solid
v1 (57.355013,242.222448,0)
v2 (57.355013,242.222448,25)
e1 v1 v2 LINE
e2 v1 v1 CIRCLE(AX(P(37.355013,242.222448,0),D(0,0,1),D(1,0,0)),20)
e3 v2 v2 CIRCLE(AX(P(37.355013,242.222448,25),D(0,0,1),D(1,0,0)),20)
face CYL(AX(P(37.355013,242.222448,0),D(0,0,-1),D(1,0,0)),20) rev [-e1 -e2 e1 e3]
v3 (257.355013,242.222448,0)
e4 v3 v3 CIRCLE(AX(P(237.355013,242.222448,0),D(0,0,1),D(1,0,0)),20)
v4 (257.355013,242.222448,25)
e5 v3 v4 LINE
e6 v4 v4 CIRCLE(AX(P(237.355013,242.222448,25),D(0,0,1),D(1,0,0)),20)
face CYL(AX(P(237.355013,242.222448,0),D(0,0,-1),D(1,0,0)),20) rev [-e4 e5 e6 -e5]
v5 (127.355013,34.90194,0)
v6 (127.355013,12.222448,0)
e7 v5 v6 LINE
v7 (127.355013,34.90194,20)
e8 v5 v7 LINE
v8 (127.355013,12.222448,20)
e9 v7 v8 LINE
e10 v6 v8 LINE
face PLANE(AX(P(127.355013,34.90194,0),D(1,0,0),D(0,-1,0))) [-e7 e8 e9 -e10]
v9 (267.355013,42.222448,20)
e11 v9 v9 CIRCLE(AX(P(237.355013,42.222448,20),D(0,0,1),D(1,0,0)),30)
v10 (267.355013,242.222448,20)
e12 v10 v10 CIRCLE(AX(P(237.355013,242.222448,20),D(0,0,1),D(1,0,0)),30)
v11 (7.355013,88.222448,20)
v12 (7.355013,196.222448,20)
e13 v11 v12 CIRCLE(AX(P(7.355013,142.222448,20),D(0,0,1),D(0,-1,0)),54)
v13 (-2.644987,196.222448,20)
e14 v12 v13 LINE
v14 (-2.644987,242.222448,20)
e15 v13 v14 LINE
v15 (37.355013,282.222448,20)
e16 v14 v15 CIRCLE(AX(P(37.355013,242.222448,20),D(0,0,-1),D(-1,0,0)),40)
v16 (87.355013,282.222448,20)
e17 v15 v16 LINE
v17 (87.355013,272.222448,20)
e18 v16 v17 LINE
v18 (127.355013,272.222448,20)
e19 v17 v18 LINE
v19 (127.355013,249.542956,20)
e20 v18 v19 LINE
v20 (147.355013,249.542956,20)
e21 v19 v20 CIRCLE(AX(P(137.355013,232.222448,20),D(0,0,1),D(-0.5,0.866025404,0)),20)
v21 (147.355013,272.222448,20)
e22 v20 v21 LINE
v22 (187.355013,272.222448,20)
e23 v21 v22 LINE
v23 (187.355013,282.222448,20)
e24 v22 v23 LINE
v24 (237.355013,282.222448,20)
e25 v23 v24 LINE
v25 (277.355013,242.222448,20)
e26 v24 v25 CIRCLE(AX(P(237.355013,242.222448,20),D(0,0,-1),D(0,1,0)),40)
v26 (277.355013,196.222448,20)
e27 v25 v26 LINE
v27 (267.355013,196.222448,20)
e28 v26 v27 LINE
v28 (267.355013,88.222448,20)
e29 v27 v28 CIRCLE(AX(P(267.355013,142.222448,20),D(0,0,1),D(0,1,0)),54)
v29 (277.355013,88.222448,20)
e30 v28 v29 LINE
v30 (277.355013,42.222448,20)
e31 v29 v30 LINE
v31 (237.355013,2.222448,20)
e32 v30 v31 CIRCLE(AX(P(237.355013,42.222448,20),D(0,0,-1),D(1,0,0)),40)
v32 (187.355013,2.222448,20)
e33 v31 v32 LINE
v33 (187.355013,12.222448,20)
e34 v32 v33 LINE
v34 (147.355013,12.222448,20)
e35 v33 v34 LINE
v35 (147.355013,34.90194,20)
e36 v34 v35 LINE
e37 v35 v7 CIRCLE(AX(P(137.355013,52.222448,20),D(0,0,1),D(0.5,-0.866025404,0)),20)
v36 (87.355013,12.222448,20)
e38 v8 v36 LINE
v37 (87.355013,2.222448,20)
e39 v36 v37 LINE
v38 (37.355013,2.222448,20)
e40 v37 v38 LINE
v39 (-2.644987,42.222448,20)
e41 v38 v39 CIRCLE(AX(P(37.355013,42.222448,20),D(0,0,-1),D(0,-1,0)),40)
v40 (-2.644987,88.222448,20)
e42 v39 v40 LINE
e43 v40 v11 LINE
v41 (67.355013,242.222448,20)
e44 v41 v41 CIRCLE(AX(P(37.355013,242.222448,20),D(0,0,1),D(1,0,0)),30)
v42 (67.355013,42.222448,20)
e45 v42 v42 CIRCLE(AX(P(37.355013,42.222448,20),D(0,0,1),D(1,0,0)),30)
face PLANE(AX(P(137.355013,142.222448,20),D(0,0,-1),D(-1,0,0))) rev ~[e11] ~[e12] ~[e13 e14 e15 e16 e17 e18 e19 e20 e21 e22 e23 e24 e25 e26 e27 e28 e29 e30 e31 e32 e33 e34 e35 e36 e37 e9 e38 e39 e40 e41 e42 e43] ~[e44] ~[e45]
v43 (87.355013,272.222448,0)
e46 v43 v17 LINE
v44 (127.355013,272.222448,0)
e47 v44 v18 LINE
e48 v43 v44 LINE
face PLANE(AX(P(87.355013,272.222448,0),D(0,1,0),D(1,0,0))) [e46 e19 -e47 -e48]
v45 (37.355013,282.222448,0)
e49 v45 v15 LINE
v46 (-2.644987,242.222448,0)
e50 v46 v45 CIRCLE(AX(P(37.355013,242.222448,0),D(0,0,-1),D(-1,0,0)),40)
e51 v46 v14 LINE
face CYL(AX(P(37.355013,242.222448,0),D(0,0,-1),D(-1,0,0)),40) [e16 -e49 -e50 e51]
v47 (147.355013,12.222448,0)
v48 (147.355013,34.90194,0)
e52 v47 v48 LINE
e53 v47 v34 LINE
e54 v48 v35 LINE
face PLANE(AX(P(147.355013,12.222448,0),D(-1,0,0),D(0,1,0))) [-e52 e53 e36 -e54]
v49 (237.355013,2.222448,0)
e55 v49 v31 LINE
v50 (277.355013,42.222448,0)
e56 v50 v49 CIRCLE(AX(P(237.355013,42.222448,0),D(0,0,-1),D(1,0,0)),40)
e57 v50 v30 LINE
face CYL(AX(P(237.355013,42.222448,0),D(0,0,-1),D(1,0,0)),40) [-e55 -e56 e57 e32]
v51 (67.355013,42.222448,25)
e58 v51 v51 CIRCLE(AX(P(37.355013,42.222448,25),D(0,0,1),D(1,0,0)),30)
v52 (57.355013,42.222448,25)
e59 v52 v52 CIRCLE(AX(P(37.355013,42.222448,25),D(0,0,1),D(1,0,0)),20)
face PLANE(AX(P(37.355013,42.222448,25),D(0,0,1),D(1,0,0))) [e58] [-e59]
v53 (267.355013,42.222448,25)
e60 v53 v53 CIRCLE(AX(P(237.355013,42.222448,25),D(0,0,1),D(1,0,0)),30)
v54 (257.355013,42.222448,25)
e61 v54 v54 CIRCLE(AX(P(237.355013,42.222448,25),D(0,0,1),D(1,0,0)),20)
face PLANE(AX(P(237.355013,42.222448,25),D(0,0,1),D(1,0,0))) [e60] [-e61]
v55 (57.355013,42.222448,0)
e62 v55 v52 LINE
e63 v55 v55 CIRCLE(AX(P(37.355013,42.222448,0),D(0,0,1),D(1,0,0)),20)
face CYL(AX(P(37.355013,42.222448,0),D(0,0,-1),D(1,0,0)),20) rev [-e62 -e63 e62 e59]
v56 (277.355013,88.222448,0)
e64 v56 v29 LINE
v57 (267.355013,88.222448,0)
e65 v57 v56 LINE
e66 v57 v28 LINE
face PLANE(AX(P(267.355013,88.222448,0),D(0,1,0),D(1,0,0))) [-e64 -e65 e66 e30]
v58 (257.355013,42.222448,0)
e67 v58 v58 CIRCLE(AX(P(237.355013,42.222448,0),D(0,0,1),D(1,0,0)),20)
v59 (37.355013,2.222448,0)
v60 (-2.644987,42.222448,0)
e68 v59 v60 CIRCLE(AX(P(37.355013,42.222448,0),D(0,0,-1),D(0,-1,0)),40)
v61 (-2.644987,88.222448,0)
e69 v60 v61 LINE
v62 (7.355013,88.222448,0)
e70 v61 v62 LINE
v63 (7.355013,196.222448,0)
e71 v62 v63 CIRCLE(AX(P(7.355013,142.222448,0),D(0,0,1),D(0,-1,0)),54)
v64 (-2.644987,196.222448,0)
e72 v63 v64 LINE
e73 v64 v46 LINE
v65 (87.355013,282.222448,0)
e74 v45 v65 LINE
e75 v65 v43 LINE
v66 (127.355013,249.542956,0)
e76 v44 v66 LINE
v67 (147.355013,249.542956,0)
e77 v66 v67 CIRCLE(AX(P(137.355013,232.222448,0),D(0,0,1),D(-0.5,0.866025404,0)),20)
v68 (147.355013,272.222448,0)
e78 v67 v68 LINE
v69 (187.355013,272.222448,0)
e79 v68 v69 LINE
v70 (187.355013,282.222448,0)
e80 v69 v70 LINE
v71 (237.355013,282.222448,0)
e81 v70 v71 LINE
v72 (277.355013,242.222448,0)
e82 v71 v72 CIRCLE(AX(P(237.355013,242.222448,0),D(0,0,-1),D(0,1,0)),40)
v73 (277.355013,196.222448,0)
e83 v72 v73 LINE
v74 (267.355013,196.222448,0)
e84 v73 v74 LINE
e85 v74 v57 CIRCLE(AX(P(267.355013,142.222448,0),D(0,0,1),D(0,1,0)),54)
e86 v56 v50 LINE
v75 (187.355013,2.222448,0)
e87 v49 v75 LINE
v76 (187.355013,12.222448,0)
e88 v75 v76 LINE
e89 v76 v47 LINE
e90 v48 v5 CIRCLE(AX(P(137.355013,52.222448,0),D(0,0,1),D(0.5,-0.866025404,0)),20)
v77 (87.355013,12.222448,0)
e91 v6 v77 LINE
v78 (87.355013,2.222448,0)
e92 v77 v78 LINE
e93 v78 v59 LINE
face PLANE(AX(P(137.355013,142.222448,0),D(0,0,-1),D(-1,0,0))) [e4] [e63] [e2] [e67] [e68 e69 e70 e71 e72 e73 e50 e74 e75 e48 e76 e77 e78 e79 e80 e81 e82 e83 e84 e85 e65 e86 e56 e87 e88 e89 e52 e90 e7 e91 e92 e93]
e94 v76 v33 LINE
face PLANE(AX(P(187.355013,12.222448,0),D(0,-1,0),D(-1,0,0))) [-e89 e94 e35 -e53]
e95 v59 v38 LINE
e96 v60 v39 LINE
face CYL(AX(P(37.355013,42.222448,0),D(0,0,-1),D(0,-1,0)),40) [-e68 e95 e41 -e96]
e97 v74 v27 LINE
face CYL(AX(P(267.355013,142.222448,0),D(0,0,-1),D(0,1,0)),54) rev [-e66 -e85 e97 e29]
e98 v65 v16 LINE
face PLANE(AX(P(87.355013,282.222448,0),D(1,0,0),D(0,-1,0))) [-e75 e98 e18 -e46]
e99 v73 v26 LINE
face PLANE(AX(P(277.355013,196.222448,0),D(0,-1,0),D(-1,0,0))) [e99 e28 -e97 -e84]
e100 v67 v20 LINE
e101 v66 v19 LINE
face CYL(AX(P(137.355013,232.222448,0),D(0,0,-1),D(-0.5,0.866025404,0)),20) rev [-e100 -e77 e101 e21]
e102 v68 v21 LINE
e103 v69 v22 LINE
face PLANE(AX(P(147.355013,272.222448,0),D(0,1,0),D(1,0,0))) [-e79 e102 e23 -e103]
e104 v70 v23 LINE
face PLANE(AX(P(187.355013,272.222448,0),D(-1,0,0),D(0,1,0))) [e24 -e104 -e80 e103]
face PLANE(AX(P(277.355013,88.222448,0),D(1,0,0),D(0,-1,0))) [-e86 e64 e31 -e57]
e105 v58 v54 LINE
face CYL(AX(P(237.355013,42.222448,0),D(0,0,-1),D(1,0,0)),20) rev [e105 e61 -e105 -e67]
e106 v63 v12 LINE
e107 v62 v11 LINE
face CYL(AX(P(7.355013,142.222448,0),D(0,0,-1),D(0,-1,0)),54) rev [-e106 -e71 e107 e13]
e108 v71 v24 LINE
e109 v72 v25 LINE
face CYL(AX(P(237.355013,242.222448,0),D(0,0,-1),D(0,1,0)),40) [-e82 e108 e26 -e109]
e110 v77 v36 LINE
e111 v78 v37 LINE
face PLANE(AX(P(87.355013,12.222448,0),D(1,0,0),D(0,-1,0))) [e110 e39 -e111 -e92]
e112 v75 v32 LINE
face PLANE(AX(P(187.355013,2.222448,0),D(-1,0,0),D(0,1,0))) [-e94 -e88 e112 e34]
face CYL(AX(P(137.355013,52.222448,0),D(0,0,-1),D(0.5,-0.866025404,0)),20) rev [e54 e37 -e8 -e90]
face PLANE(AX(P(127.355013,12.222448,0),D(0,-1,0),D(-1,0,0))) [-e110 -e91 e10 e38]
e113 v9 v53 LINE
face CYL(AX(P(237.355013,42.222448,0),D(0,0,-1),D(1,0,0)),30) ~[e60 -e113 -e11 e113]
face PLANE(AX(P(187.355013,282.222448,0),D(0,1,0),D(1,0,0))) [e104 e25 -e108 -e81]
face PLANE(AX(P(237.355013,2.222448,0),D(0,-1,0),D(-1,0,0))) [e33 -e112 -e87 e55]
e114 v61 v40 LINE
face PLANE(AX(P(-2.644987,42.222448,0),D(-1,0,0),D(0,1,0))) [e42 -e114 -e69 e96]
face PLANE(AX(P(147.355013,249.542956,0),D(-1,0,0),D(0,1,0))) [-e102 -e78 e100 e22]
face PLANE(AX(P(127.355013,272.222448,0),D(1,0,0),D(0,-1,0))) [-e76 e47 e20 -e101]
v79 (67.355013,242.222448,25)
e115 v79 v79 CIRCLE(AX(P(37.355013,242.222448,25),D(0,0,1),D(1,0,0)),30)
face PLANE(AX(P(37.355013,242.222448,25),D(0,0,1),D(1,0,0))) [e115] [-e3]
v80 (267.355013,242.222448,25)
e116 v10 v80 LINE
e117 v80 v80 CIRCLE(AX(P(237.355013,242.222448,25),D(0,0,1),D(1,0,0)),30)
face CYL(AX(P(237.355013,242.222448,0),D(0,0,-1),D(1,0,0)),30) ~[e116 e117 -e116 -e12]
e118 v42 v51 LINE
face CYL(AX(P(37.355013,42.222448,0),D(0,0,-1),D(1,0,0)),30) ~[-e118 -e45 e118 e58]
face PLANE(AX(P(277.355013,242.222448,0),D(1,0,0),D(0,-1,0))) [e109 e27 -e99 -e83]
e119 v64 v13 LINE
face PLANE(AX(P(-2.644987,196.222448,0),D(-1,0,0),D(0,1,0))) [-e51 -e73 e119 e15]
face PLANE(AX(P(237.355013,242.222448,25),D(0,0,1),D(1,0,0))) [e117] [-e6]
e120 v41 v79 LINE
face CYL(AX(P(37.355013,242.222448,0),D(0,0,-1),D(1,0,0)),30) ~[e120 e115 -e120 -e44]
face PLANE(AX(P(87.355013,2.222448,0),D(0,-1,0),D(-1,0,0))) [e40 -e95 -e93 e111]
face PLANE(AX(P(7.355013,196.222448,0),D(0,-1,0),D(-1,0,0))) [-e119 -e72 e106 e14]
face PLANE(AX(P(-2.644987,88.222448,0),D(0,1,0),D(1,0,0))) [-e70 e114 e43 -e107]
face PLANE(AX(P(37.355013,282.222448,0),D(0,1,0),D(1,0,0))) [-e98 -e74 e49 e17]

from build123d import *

# Parameters (mm, degrees)
SKETCH2_R           = 30
BOSS_EXTRUDE2_DEPTH = 20
SKETCH2_5_R         = 30
SKETCH2_5_R_2       = 20
BOSS_EXTRUDE3_DEPTH = 25


with BuildPart() as part:
    # Sketch2 → Boss-Extrude2 (new body)
    with BuildSketch(Plane.XY):
        with BuildLine():
            ThreePointArc((-2.644987214, 42.222447728), (9.070741539, 13.938176481), (37.355012786, 2.222447728))
            Line((37.355012786, 2.222447728), (87.355012786, 2.222447728))
            Line((87.355012786, 2.222447728), (87.355012786, 12.222447728))
            Line((87.355012786, 12.222447728), (127.355012786, 12.222447728))
            Line((127.355012786, 12.222447728), (127.355012786, 34.901939653))
            ThreePointArc((127.355012786, 34.901939653), (137.355012786, 72.222447728), (147.355012786, 34.901939653))
            Line((147.355012786, 34.901939653), (147.355012786, 12.222447728))
            Line((147.355012786, 12.222447728), (187.355012786, 12.222447728))
            Line((187.355012786, 12.222447728), (187.355012786, 2.222447728))
            Line((187.355012786, 2.222447728), (237.355012786, 2.222447728))
            ThreePointArc((237.355012786, 2.222447728), (265.639284034, 13.938176481), (277.355012786, 42.222447728))
            Line((277.355012786, 42.222447728), (277.355012786, 88.222447728))
            Line((277.355012786, 88.222447728), (267.355012786, 88.222447728))
            ThreePointArc((267.355012786, 88.222447728), (213.355012786, 142.222447728), (267.355012786, 196.222447728))
            Line((267.355012786, 196.222447728), (277.355012786, 196.222447728))
            Line((277.355012786, 196.222447728), (277.355012786, 242.222447728))
            ThreePointArc((277.355012786, 242.222447728), (265.639284034, 270.506718976), (237.355012786, 282.222447728))
            Line((237.355012786, 282.222447728), (187.355012786, 282.222447728))
            Line((187.355012786, 282.222447728), (187.355012786, 272.222447728))
            Line((187.355012786, 272.222447728), (147.355012786, 272.222447728))
            Line((147.355012786, 272.222447728), (147.355012786, 249.542955804))
            ThreePointArc((147.355012786, 249.542955804), (137.355012786, 212.222447728), (127.355012786, 249.542955804))
            Line((127.355012786, 249.542955804), (127.355012786, 272.222447728))
            Line((127.355012786, 272.222447728), (87.355012786, 272.222447728))
            Line((87.355012786, 272.222447728), (87.355012786, 282.222447728))
            Line((87.355012786, 282.222447728), (37.355012786, 282.222447728))
            ThreePointArc((37.355012786, 282.222447728), (9.070741539, 270.506718976), (-2.644987214, 242.222447728))
            Line((-2.644987214, 242.222447728), (-2.644987214, 196.222447728))
            Line((-2.644987214, 196.222447728), (7.355012786, 196.222447728))
            ThreePointArc((7.355012786, 196.222447728), (61.355012786, 142.222447728), (7.355012786, 88.222447728))
            Line((7.355012786, 88.222447728), (-2.644987214, 88.222447728))
            Line((-2.644987214, 88.222447728), (-2.644987214, 42.222447728))
        make_face()
        with Locations((37.355012786, 42.222447728)):
            Circle(SKETCH2_R, mode=Mode.SUBTRACT)
        with Locations((237.355012786, 42.222447728)):
            Circle(SKETCH2_R, mode=Mode.SUBTRACT)
        with Locations((37.355012786, 242.222447728)):
            Circle(SKETCH2_R, mode=Mode.SUBTRACT)
        with Locations((237.355012786, 242.222447728)):
            Circle(SKETCH2_R, mode=Mode.SUBTRACT)
    extrude(amount=BOSS_EXTRUDE2_DEPTH)

    # Sketch2<5> → Boss-Extrude3 (add)
    # profile 1 of 4: a face of its own
    with BuildSketch(Plane.XY):
        with Locations((37.355012786, 242.222447728)):
            Circle(SKETCH2_5_R)
        with Locations((37.355012786, 242.222447728)):
            Circle(SKETCH2_5_R_2, mode=Mode.SUBTRACT)
    # profile 2 of 4: a face of its own
    with BuildSketch(Plane.XY):
        with Locations((37.355012786, 42.222447728)):
            Circle(SKETCH2_5_R)
        with Locations((37.355012786, 42.222447728)):
            Circle(SKETCH2_5_R_2, mode=Mode.SUBTRACT)
    # profile 3 of 4: a face of its own
    with BuildSketch(Plane.XY):
        with Locations((237.355012786, 42.222447728)):
            Circle(SKETCH2_5_R)
        with Locations((237.355012786, 42.222447728)):
            Circle(SKETCH2_5_R_2, mode=Mode.SUBTRACT)
    # profile 4 of 4: a face of its own
    with BuildSketch(Plane.XY):
        with Locations((237.355012786, 242.222447728)):
            Circle(SKETCH2_5_R)
        with Locations((237.355012786, 242.222447728)):
            Circle(SKETCH2_5_R_2, mode=Mode.SUBTRACT)
    extrude(amount=BOSS_EXTRUDE3_DEPTH)


solid = part.part
